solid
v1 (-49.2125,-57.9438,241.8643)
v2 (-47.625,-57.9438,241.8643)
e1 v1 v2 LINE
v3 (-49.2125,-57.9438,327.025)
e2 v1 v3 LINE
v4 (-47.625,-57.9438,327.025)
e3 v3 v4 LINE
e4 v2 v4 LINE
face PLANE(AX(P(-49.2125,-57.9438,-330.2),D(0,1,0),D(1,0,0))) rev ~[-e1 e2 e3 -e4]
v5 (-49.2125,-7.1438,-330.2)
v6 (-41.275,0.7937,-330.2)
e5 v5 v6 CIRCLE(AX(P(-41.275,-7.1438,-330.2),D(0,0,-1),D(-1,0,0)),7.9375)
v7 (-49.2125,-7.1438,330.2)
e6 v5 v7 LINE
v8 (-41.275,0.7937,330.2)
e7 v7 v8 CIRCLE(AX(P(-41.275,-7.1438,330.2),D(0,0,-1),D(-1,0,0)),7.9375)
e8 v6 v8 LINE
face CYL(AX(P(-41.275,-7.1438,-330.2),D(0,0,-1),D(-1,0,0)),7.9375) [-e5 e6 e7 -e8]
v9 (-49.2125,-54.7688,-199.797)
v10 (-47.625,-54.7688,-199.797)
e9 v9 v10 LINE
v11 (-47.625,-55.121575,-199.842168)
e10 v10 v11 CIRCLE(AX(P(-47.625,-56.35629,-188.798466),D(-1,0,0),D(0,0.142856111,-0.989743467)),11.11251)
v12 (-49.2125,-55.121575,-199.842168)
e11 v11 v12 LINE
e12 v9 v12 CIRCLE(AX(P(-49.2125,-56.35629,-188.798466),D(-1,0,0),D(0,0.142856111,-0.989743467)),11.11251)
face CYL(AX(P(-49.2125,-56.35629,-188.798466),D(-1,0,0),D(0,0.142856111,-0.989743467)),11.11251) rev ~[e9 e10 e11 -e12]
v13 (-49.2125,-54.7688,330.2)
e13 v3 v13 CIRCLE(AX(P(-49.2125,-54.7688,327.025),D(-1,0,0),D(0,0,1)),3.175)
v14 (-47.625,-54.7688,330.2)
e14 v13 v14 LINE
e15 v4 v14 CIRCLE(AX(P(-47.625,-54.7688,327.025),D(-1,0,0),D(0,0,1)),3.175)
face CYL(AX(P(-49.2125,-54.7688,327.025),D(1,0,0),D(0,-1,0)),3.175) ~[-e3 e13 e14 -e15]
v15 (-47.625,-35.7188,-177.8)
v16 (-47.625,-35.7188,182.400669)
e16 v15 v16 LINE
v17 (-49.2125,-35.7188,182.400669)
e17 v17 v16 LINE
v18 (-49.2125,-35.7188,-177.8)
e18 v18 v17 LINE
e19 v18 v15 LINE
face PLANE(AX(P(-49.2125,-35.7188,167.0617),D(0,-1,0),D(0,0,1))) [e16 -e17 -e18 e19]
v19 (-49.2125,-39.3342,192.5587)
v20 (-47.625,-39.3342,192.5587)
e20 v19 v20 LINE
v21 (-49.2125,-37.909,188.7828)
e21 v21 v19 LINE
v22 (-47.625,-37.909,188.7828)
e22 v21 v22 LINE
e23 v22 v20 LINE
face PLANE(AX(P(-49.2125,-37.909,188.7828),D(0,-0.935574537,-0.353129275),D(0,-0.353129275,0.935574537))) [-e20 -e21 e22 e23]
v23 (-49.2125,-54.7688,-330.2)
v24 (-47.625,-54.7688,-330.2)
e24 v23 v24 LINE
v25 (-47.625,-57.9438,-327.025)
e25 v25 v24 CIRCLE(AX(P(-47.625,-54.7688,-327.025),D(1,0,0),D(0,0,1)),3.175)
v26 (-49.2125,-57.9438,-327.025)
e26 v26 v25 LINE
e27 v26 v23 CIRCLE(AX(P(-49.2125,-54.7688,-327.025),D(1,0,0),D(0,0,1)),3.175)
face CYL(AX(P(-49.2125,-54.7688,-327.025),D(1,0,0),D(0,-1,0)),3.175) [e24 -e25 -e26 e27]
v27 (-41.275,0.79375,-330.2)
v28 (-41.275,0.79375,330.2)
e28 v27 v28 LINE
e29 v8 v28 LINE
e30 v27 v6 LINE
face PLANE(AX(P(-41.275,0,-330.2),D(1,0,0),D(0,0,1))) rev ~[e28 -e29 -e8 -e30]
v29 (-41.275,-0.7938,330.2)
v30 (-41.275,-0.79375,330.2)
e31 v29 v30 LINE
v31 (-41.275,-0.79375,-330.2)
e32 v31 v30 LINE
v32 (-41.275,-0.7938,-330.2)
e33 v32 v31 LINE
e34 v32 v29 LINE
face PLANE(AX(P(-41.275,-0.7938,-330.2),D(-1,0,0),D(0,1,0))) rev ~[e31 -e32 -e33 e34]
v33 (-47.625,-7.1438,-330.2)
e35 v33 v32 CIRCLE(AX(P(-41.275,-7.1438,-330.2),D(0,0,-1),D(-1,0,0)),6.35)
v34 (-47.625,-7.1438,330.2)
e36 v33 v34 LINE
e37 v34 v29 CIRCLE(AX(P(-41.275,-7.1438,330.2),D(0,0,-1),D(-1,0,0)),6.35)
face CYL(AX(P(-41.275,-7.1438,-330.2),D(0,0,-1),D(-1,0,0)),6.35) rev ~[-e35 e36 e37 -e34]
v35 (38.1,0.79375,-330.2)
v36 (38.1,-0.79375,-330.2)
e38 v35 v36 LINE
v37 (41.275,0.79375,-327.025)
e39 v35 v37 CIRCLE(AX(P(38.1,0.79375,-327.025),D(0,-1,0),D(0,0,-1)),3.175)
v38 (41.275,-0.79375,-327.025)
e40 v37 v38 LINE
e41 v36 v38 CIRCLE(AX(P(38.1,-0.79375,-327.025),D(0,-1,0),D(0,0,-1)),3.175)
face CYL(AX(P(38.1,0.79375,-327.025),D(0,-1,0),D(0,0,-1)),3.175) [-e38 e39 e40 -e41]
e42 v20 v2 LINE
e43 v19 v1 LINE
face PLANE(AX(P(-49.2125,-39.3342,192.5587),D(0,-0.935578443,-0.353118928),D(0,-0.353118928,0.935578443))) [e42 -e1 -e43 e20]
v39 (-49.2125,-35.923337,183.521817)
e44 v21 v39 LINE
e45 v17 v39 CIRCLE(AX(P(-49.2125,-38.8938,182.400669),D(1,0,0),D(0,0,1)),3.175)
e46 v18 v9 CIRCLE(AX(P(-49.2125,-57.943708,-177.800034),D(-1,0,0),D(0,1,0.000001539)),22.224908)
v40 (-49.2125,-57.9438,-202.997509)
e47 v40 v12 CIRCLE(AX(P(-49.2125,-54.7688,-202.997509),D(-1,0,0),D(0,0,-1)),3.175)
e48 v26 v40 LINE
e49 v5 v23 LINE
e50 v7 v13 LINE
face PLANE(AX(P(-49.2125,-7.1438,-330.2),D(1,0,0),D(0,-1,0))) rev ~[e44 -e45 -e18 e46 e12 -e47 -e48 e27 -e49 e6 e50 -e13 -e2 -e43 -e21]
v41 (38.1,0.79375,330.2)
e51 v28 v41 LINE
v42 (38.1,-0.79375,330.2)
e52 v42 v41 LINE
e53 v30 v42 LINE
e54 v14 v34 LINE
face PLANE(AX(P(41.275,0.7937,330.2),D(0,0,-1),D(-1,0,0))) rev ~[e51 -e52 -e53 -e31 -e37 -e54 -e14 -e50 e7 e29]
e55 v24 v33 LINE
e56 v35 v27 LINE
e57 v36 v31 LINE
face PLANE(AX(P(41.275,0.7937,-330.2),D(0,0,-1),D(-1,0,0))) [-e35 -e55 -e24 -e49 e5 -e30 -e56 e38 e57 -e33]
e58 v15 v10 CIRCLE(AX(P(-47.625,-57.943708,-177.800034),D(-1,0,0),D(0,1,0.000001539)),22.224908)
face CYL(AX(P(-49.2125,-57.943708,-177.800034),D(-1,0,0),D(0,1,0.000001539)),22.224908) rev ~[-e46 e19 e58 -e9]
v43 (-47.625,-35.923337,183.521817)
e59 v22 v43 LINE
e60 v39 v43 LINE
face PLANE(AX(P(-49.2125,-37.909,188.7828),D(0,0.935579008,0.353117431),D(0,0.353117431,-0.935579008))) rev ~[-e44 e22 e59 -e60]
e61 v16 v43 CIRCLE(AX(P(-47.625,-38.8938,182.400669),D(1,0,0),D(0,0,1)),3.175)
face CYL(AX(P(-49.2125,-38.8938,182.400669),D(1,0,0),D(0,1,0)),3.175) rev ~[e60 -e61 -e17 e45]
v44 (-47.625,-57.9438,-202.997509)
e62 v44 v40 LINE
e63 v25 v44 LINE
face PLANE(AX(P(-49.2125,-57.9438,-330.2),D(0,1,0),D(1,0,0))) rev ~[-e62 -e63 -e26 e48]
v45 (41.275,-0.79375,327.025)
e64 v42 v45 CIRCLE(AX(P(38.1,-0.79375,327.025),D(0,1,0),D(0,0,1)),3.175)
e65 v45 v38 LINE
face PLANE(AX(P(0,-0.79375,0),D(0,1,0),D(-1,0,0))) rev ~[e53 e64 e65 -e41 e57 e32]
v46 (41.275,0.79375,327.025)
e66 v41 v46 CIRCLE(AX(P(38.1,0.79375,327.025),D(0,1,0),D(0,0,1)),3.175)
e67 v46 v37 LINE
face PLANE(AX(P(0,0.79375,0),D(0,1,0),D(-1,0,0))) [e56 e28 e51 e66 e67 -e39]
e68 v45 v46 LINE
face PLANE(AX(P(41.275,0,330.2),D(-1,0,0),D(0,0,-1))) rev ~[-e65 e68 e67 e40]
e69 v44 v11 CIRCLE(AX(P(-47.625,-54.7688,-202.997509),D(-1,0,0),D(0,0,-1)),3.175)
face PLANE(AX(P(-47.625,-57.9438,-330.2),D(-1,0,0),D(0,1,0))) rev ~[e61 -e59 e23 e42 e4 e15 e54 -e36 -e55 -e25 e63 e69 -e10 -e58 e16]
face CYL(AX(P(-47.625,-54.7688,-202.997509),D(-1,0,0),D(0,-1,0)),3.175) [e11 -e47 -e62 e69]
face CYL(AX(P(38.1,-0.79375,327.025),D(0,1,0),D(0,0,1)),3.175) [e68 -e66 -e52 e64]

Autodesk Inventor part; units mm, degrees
ref_plane "YZ Plane" through (0, 0, 0) normal (1, 0, 0) x (0, 1, 0)
ref_plane "XZ Plane" through (0, 0, 0) normal (0, 1, 0) x (-1, 0, 0)
ref_plane "XY Plane" through (0, 0, 0) normal (0, 0, 1) x (1, 0, 0)
sketch "Sketch1" plane through (0, 0, 0) normal (0, 1, 0) x (-1, 0, 0)
  line L0 (41.275, 330.2) -> (-41.275, 330.2)
  line L1 (-41.275, 330.2) -> (-41.275, -330.2)
  line L2 (-41.275, -330.2) -> (41.275, -330.2)
  line L3 (41.275, -330.2) -> (41.275, 330.2)
  line L4 (41.275, 330.2) -> (-41.275, -330.2) construction
  line L5 (-41.275, 330.2) -> (41.275, -330.2) construction
  point P0 (0, 0)
  dimension "d0" = 82.55
  dimension "d1" = 660.4
extrude "Extrusion1" add sketch "Sketch1" along normal mid plane 1.5875
sketch "Sketch2" plane through (41.275, 0.7937, -330.2) normal (0, 0, -1) x (-1, 0, 0)
  line L0 (90.4875, -7.9375) -> (90.4875, -58.7375)
  line L1 (90.4875, -58.7375) -> (88.9, -58.7375)
  line L2 (88.9, -58.7375) -> (88.9, -7.9375)
  arc A0 (88.9, -7.9375) -> (82.55, -1.5875) centre (82.55, -7.9375) ccw
  line L3 (82.55, -1.5875) -> (82.55, 0)
  arc A1 (90.4875, -7.9375) -> (82.55, 0) centre (82.55, -7.9375) ccw
  point P0 (41.275, -0.7937)
  dimension "d4" = 6.35
  dimension "d5" = 57.15
  dimension "d6" = 1.5875
extrude "Extrusion2" add sketch "Sketch2" against normal blind 660.4
sketch "Sketch3" plane through (-49.2125, -57.9438, -330.2) normal (-1, 0, 0) x (0, 0, 1)
  arc A0 (518.9985, 0) -> (520.5697, 1.8143) centre (518.9985, 1.5875) ccw projected
  arc A1 (520.5697, 1.8143) -> (508, 12.7) centre (508, 0) ccw projected
  line L0 (497.2617, 12.7) -> (508, 12.7) projected
  line L1 (413.9219, 12.7) -> (497.2617, 12.7) projected
  line L2 (330.2, 12.7) -> (413.9219, 12.7) projected
  line L3 (226.8601, 12.7) -> (330.2, 12.7) projected
  line L4 (158.6559, 12.7) -> (226.8601, 12.7) projected
  line L5 (152.4, 12.7) -> (158.6559, 12.7) projected
  arc A2 (152.4, 12.7) -> (139.8303, 1.8143) centre (152.4, 0) ccw projected
  arc A3 (139.8303, 1.8143) -> (141.4015, 0) centre (141.4015, 1.5875) ccw projected
  line L6 (518.9985, 0) -> (141.4015, 0) projected
  line L7 (497.2617, 22.225) -> (508, 22.225)
  arc A4 (529.997, 3.175) -> (508, 22.225) centre (508, 0) ccw
  arc A5 (518.9985, -9.525) -> (529.997, 3.175) centre (518.9985, 1.5875) ccw
  line L8 (518.9985, -9.525) -> (141.4015, -9.525)
  arc A6 (130.403, 3.175) -> (141.4015, -9.525) centre (141.4015, 1.5875) ccw
  arc A7 (152.4, 22.225) -> (130.403, 3.175) centre (152.4, 0) ccw
  line L9 (152.4, 22.225) -> (158.6559, 22.225)
  line L10 (158.6559, 22.225) -> (226.8601, 22.225)
  line L11 (226.8601, 22.225) -> (330.2, 22.225)
  line L12 (330.2, 22.225) -> (413.9219, 22.225)
  line L13 (413.9219, 22.225) -> (497.2617, 22.225)
  point P0 (330.2, 57.9438)
  dimension "d9" = 9.525
extrude "Extrusion3" cut sketch "Sketch3" against normal up to surface (1.5875 mm away) contours L6 A3 A2 L5 L4 L3 L2 L1 L0 A1 A0 | L7 A4 A5 L8 A6 A7 L9 L10 L11 L12 L13
sketch "Sketch5" plane through (-49.2125, -57.9438, -330.2) normal (-1, 0, 0) x (0, 0, 1)
  line L0 (515.6192, 11.1235) -> (519.405, 9.6946) projected
  line L1 (518.9828, 20.0348) -> (522.7587, 18.6096)
  line L2 (518.9828, 20.0348) -> (513.1799, 22.225)
  line L3 (513.1799, 22.225) -> (508, 22.225)
  arc A0 (529.997, 3.175) -> (508, 22.225) centre (508, 0) ccw projected
  line L4 (522.7587, 18.6096) -> (572.0643, 0)
  line L5 (529.997, 0) -> (660.4, 0) projected
  arc A1 (130.403, 3.175) -> (130.403, 0) centre (141.4015, 1.5875) ccw projected
  arc A2 (152.4, 22.225) -> (130.403, 3.175) centre (152.4, 0) ccw projected
  line L6 (152.4, 22.225) -> (508, 22.225) projected
  arc A3 (529.997, 3.175) -> (508, 22.225) centre (508, 0) ccw projected
  arc A4 (529.997, 0) -> (529.997, 3.175) centre (518.9985, 1.5875) ccw projected
  line L7 (529.997, 0) -> (660.4, 0) projected
  line L8 (660.4, 50.8) -> (660.4, 0) projected
  line L9 (0, 50.8) -> (660.4, 50.8) projected
  line L10 (0, 0) -> (0, 50.8) projected
  line L11 (0, 0) -> (130.403, 0) projected
  point P0 (330.2, 57.9438)
  dimension "d12" = 9.525
extrude "Extrusion4" cut sketch "Sketch5" against normal up to surface (1.5875 mm away) contours L1 L4 L5 A4 A0 L3 L2
fillet "Fillet1" radius 3.175 2 edges at (-48.4188, -57.9438, -199.797) (-48.4188, -35.7187, 182.9799)
fillet "Fillet2" radius 3.175 4 edges at (-48.4188, -57.9438, -330.2) (41.275, 0, -330.2) (-48.4188, -57.9438, 330.2) (41.275, 0, 330.2)
properties part number "TopPlate" material "ABS Plastic"
